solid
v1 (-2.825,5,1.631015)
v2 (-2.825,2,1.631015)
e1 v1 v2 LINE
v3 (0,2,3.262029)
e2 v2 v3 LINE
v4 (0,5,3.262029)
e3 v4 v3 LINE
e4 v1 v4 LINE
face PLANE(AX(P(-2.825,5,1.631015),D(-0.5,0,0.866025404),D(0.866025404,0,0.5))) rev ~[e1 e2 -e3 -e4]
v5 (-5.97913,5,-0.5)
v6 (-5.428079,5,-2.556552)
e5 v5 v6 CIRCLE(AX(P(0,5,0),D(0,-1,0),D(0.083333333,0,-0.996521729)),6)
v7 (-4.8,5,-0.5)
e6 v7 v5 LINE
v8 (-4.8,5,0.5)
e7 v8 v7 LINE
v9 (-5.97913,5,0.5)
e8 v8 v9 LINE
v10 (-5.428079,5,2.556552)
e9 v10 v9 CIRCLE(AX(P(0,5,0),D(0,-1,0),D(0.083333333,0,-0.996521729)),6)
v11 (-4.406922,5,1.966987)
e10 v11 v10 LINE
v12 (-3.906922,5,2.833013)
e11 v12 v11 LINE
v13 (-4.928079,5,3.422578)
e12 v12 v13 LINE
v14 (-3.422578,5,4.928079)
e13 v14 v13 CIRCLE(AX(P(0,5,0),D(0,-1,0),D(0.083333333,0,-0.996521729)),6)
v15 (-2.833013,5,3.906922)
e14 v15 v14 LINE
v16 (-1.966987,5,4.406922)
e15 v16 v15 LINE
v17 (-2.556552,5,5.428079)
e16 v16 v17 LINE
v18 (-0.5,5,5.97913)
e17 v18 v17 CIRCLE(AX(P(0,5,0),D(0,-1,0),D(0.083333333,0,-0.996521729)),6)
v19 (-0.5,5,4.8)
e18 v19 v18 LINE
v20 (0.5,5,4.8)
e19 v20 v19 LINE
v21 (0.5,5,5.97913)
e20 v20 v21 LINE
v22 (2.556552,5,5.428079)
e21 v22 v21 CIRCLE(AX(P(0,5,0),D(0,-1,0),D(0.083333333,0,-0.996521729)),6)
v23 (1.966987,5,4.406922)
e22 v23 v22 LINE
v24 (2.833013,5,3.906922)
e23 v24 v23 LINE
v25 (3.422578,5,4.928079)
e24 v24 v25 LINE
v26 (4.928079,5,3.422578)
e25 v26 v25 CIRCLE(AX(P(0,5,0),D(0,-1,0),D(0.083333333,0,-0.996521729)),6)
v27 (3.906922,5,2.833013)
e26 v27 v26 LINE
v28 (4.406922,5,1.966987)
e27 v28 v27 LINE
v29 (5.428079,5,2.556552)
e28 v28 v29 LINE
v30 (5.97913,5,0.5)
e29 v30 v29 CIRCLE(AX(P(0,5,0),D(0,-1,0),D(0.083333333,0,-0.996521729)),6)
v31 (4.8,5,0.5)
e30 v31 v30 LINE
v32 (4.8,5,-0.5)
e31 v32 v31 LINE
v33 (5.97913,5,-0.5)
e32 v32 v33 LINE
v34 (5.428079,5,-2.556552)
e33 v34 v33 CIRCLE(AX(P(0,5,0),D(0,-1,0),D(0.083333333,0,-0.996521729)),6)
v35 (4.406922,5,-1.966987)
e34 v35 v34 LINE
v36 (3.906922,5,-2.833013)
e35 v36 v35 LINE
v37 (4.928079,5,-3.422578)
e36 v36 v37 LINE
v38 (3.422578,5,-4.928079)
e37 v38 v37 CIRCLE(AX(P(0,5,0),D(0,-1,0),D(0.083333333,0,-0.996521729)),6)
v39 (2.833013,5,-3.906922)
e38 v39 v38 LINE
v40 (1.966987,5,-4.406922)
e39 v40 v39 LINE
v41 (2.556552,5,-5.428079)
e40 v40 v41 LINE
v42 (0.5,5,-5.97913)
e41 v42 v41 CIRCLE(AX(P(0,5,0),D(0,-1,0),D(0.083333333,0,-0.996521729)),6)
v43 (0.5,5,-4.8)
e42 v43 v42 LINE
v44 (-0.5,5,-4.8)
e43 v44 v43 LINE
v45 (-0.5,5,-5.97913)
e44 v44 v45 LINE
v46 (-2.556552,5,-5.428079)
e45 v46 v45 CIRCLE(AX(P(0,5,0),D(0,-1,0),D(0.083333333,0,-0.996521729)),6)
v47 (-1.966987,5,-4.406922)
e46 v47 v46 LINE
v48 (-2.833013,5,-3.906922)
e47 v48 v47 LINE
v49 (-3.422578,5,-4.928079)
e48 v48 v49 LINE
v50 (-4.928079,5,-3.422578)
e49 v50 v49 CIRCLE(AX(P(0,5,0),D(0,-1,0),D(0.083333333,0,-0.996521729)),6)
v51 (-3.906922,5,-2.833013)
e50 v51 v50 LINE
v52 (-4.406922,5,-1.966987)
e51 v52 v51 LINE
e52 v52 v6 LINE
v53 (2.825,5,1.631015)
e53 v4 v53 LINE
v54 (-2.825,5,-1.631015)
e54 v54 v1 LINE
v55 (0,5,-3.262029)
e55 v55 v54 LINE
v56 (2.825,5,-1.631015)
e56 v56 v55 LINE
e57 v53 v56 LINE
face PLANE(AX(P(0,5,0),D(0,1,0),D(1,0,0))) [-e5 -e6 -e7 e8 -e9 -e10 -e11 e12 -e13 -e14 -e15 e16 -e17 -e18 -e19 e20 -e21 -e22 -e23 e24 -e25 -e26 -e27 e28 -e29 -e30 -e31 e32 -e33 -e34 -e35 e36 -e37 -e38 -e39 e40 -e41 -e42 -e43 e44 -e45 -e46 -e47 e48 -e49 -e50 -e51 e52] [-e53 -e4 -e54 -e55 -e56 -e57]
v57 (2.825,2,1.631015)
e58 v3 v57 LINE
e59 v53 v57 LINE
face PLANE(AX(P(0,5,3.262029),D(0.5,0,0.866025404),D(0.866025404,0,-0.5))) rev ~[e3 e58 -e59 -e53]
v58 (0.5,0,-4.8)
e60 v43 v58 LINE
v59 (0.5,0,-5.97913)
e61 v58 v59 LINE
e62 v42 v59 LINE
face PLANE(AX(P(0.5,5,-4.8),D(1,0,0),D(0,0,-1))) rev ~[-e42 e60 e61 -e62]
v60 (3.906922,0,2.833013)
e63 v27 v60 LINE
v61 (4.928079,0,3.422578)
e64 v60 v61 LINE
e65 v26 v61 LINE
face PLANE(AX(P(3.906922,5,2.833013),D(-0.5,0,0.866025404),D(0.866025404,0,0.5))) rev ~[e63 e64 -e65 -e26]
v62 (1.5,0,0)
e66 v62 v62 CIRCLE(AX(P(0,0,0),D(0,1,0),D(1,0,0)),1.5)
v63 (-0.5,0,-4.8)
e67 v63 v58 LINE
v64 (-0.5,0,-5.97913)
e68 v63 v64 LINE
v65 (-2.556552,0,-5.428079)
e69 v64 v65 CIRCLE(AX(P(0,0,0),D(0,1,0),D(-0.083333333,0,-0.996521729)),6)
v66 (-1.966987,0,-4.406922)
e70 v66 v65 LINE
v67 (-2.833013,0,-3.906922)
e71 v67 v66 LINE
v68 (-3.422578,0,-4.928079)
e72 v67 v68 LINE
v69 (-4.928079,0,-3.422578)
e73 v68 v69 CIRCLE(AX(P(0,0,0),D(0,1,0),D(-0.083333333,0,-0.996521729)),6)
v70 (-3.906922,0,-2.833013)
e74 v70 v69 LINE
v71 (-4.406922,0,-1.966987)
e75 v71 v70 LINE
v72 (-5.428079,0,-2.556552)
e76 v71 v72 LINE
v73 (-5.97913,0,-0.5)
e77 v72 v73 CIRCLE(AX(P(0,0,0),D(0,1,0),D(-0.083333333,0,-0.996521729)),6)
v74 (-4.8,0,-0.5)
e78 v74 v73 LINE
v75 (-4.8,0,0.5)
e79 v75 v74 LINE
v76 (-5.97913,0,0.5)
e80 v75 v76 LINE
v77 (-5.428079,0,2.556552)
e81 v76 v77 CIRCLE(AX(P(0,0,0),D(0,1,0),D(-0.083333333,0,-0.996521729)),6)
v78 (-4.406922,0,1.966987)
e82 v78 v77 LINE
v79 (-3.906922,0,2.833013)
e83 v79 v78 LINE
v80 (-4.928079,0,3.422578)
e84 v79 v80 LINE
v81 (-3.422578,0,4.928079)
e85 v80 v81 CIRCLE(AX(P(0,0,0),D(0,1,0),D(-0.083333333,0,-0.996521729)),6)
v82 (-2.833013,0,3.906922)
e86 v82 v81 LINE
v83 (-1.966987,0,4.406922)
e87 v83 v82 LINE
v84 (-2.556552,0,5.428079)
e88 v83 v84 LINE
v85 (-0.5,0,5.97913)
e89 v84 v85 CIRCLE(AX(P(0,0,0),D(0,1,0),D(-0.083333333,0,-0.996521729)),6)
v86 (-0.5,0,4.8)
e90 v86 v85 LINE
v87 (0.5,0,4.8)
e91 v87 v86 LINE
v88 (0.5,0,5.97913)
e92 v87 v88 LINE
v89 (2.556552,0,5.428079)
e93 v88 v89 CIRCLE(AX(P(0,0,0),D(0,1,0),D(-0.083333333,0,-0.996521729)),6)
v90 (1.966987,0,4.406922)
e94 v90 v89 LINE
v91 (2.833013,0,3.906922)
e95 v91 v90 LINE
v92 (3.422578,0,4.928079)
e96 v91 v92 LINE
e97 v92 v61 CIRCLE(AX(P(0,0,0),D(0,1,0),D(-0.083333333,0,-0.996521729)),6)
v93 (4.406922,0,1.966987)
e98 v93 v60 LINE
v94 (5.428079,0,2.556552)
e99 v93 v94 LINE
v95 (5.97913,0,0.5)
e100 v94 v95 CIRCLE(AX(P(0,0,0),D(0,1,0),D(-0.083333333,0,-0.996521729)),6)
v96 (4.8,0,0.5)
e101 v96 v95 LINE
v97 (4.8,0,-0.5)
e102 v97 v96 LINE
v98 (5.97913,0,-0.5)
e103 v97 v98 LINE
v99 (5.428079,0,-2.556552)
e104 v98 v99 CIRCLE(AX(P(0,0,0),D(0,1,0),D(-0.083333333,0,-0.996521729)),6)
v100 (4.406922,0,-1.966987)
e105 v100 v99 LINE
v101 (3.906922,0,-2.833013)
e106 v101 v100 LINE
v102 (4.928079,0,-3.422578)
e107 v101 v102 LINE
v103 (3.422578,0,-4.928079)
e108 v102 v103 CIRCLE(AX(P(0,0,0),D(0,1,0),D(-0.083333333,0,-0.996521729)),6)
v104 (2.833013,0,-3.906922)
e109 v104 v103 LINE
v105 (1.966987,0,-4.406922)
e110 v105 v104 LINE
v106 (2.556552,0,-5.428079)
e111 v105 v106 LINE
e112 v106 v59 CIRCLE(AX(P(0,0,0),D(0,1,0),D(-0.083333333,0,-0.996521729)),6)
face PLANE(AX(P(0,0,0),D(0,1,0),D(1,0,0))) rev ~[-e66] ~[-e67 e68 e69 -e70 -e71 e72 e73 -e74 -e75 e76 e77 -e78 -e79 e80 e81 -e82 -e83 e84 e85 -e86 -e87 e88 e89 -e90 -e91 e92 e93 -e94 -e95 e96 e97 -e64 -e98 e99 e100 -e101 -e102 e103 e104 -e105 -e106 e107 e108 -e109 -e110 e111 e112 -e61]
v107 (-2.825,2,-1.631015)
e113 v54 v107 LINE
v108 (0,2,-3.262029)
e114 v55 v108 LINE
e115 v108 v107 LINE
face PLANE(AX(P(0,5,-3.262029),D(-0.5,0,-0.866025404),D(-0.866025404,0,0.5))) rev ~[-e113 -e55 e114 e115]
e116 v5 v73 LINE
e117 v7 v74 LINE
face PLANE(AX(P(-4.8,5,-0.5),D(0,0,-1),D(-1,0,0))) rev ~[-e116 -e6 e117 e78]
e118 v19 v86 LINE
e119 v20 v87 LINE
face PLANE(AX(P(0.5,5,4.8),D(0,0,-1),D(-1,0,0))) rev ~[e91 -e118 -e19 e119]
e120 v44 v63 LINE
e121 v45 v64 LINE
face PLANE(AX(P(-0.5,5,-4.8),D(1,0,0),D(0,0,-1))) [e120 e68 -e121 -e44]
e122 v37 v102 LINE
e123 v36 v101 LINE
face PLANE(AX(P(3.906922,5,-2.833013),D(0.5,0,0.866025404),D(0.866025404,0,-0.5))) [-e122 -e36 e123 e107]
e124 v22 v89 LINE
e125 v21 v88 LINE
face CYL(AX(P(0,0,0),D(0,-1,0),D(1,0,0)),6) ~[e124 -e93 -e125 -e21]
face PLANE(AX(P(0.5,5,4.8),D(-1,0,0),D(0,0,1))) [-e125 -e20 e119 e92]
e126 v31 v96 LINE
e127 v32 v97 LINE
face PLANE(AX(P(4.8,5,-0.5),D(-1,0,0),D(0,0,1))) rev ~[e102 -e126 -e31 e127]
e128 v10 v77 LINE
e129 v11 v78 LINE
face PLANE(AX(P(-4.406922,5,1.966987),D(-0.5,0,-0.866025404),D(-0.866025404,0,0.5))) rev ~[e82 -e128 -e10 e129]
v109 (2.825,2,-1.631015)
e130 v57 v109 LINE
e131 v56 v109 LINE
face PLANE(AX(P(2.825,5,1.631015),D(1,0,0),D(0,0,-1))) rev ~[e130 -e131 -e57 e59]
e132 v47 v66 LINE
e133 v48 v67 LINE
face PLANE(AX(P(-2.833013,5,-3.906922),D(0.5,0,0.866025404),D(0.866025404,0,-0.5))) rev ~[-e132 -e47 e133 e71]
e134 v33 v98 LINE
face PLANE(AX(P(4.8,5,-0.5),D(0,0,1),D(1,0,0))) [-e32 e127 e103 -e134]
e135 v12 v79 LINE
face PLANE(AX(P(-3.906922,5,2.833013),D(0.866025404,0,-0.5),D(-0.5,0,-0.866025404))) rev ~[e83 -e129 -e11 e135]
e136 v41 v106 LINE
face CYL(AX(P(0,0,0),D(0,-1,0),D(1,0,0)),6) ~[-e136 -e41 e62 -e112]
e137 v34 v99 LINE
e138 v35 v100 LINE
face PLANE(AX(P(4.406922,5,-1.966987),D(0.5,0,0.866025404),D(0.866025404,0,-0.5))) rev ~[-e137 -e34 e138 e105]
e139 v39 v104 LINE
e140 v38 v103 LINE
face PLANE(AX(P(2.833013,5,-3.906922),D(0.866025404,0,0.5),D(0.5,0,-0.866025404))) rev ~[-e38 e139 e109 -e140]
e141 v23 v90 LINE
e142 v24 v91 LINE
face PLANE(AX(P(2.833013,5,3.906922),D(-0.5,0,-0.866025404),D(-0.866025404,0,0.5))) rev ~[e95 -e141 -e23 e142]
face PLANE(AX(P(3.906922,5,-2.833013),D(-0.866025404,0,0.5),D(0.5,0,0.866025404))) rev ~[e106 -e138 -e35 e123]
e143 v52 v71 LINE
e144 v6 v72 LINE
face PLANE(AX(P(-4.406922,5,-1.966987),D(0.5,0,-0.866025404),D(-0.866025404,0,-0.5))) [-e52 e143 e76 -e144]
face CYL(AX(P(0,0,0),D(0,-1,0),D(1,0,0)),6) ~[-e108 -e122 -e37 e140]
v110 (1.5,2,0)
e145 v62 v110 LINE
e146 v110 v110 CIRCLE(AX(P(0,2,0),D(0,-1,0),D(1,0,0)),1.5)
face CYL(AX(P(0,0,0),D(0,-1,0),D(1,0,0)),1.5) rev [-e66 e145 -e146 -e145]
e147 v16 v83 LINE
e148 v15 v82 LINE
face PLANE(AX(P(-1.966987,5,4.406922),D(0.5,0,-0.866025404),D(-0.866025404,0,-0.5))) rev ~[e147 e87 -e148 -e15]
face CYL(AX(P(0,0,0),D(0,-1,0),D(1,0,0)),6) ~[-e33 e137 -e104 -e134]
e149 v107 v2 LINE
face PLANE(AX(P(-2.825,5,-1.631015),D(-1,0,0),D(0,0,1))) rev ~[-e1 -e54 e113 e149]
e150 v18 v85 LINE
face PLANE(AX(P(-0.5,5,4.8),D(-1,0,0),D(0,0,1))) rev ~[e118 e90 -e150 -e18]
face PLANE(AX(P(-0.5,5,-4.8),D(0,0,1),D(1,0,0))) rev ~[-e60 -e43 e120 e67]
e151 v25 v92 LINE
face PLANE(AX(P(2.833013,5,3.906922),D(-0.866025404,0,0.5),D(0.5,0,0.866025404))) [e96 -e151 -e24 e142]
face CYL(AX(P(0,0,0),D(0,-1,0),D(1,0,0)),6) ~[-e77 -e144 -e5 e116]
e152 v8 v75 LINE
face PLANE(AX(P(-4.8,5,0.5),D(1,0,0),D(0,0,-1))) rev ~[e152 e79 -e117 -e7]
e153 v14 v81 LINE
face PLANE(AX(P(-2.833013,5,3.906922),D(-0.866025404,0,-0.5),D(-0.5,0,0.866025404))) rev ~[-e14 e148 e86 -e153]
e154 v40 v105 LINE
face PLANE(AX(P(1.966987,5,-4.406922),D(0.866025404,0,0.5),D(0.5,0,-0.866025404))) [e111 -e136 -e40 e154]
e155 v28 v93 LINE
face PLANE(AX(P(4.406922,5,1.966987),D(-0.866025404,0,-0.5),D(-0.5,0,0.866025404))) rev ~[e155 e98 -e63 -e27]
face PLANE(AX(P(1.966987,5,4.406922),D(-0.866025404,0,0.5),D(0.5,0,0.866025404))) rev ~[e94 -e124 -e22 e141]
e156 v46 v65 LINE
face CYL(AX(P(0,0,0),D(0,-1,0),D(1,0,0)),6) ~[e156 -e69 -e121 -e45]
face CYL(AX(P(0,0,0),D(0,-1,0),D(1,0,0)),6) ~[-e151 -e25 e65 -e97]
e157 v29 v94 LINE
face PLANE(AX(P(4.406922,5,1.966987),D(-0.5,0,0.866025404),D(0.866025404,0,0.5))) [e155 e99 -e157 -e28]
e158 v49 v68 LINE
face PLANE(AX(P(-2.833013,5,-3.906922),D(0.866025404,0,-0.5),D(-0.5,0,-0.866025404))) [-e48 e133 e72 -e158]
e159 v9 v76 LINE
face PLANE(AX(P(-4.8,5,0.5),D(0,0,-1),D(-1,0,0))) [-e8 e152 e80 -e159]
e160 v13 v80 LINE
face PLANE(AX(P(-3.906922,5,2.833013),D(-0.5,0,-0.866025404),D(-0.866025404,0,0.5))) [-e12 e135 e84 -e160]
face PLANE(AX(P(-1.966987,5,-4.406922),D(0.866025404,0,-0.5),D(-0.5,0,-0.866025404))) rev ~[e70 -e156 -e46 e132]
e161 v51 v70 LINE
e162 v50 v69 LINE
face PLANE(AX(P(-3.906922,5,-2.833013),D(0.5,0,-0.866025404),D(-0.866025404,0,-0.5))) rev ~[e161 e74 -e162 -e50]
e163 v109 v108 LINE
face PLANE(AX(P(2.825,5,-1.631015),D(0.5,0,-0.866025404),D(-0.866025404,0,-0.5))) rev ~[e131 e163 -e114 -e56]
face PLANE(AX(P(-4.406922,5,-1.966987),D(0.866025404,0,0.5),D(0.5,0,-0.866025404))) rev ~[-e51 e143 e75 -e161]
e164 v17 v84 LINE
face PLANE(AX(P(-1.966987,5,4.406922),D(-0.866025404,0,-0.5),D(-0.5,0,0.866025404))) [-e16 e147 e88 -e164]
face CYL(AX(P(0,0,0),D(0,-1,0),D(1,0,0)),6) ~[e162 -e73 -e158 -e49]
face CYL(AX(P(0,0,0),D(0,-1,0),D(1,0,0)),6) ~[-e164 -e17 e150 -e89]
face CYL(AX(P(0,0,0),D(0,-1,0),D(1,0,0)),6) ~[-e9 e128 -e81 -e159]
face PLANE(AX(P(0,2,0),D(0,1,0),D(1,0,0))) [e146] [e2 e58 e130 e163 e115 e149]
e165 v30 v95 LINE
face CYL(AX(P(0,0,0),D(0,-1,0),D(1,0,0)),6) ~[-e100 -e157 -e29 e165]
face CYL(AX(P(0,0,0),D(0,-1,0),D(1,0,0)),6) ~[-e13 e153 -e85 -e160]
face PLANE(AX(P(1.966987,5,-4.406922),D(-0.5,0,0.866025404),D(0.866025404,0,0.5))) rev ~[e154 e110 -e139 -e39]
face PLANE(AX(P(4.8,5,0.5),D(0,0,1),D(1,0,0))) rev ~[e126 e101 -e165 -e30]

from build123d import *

# Parameters (mm, degrees)
SKETCH1_R           = 6
SKETCH1_R_2         = 1.5
BOSS_EXTRUDE1_DEPTH = 5
CUT_EXTRUDE1_DEPTH  = 3
SKETCH7_W           = 1
SKETCH7_H           = 7.146818719
CUT_EXTRUDE2_DEPTH  = 10
CIRPATTERN1_COUNT   = 12


with BuildPart() as part:
    # Sketch1 → Boss-Extrude1 (new body)
    with BuildSketch(Plane(origin=(0, 0, 0), x_dir=(1, 0, 0), z_dir=(0, 1, 0))):
        Circle(SKETCH1_R)
        Circle(SKETCH1_R_2, mode=Mode.SUBTRACT)
    extrude(amount=BOSS_EXTRUDE1_DEPTH)

    # Sketch6 → Cut-Extrude1 (cut)
    with BuildSketch(Plane(origin=(0, 5, 0), x_dir=(1, 0, 0), z_dir=(0, 1, 0))):
        Polygon((2.825, -1.63101451), (2.825, 1.63101451), (0, 3.262029021), (-2.825, 1.63101451), (-2.825, -1.63101451), (0, -3.262029021), align=None)
    extrude(amount=-CUT_EXTRUDE1_DEPTH, mode=Mode.SUBTRACT)

    # Sketch7 → Cut-Extrude2 (cut)
    with BuildSketch(Plane(origin=(0, 5, 0), x_dir=(1, 0, 0), z_dir=(0, 1, 0))):
        with Locations((0, 8.37340936)):
            Rectangle(SKETCH7_W, SKETCH7_H)
    cut_extrude2 = extrude(amount=-CUT_EXTRUDE2_DEPTH, mode=Mode.SUBTRACT)

    # CirPattern1: Cut-Extrude2 ×12 about axis
    cirpattern1_axis = Axis((0, 0, 0), (0, 1, 0))
    for i in range(1, CIRPATTERN1_COUNT):
        add(cut_extrude2.rotate(cirpattern1_axis, i * 360 / CIRPATTERN1_COUNT), mode=Mode.SUBTRACT)


solid = part.part
